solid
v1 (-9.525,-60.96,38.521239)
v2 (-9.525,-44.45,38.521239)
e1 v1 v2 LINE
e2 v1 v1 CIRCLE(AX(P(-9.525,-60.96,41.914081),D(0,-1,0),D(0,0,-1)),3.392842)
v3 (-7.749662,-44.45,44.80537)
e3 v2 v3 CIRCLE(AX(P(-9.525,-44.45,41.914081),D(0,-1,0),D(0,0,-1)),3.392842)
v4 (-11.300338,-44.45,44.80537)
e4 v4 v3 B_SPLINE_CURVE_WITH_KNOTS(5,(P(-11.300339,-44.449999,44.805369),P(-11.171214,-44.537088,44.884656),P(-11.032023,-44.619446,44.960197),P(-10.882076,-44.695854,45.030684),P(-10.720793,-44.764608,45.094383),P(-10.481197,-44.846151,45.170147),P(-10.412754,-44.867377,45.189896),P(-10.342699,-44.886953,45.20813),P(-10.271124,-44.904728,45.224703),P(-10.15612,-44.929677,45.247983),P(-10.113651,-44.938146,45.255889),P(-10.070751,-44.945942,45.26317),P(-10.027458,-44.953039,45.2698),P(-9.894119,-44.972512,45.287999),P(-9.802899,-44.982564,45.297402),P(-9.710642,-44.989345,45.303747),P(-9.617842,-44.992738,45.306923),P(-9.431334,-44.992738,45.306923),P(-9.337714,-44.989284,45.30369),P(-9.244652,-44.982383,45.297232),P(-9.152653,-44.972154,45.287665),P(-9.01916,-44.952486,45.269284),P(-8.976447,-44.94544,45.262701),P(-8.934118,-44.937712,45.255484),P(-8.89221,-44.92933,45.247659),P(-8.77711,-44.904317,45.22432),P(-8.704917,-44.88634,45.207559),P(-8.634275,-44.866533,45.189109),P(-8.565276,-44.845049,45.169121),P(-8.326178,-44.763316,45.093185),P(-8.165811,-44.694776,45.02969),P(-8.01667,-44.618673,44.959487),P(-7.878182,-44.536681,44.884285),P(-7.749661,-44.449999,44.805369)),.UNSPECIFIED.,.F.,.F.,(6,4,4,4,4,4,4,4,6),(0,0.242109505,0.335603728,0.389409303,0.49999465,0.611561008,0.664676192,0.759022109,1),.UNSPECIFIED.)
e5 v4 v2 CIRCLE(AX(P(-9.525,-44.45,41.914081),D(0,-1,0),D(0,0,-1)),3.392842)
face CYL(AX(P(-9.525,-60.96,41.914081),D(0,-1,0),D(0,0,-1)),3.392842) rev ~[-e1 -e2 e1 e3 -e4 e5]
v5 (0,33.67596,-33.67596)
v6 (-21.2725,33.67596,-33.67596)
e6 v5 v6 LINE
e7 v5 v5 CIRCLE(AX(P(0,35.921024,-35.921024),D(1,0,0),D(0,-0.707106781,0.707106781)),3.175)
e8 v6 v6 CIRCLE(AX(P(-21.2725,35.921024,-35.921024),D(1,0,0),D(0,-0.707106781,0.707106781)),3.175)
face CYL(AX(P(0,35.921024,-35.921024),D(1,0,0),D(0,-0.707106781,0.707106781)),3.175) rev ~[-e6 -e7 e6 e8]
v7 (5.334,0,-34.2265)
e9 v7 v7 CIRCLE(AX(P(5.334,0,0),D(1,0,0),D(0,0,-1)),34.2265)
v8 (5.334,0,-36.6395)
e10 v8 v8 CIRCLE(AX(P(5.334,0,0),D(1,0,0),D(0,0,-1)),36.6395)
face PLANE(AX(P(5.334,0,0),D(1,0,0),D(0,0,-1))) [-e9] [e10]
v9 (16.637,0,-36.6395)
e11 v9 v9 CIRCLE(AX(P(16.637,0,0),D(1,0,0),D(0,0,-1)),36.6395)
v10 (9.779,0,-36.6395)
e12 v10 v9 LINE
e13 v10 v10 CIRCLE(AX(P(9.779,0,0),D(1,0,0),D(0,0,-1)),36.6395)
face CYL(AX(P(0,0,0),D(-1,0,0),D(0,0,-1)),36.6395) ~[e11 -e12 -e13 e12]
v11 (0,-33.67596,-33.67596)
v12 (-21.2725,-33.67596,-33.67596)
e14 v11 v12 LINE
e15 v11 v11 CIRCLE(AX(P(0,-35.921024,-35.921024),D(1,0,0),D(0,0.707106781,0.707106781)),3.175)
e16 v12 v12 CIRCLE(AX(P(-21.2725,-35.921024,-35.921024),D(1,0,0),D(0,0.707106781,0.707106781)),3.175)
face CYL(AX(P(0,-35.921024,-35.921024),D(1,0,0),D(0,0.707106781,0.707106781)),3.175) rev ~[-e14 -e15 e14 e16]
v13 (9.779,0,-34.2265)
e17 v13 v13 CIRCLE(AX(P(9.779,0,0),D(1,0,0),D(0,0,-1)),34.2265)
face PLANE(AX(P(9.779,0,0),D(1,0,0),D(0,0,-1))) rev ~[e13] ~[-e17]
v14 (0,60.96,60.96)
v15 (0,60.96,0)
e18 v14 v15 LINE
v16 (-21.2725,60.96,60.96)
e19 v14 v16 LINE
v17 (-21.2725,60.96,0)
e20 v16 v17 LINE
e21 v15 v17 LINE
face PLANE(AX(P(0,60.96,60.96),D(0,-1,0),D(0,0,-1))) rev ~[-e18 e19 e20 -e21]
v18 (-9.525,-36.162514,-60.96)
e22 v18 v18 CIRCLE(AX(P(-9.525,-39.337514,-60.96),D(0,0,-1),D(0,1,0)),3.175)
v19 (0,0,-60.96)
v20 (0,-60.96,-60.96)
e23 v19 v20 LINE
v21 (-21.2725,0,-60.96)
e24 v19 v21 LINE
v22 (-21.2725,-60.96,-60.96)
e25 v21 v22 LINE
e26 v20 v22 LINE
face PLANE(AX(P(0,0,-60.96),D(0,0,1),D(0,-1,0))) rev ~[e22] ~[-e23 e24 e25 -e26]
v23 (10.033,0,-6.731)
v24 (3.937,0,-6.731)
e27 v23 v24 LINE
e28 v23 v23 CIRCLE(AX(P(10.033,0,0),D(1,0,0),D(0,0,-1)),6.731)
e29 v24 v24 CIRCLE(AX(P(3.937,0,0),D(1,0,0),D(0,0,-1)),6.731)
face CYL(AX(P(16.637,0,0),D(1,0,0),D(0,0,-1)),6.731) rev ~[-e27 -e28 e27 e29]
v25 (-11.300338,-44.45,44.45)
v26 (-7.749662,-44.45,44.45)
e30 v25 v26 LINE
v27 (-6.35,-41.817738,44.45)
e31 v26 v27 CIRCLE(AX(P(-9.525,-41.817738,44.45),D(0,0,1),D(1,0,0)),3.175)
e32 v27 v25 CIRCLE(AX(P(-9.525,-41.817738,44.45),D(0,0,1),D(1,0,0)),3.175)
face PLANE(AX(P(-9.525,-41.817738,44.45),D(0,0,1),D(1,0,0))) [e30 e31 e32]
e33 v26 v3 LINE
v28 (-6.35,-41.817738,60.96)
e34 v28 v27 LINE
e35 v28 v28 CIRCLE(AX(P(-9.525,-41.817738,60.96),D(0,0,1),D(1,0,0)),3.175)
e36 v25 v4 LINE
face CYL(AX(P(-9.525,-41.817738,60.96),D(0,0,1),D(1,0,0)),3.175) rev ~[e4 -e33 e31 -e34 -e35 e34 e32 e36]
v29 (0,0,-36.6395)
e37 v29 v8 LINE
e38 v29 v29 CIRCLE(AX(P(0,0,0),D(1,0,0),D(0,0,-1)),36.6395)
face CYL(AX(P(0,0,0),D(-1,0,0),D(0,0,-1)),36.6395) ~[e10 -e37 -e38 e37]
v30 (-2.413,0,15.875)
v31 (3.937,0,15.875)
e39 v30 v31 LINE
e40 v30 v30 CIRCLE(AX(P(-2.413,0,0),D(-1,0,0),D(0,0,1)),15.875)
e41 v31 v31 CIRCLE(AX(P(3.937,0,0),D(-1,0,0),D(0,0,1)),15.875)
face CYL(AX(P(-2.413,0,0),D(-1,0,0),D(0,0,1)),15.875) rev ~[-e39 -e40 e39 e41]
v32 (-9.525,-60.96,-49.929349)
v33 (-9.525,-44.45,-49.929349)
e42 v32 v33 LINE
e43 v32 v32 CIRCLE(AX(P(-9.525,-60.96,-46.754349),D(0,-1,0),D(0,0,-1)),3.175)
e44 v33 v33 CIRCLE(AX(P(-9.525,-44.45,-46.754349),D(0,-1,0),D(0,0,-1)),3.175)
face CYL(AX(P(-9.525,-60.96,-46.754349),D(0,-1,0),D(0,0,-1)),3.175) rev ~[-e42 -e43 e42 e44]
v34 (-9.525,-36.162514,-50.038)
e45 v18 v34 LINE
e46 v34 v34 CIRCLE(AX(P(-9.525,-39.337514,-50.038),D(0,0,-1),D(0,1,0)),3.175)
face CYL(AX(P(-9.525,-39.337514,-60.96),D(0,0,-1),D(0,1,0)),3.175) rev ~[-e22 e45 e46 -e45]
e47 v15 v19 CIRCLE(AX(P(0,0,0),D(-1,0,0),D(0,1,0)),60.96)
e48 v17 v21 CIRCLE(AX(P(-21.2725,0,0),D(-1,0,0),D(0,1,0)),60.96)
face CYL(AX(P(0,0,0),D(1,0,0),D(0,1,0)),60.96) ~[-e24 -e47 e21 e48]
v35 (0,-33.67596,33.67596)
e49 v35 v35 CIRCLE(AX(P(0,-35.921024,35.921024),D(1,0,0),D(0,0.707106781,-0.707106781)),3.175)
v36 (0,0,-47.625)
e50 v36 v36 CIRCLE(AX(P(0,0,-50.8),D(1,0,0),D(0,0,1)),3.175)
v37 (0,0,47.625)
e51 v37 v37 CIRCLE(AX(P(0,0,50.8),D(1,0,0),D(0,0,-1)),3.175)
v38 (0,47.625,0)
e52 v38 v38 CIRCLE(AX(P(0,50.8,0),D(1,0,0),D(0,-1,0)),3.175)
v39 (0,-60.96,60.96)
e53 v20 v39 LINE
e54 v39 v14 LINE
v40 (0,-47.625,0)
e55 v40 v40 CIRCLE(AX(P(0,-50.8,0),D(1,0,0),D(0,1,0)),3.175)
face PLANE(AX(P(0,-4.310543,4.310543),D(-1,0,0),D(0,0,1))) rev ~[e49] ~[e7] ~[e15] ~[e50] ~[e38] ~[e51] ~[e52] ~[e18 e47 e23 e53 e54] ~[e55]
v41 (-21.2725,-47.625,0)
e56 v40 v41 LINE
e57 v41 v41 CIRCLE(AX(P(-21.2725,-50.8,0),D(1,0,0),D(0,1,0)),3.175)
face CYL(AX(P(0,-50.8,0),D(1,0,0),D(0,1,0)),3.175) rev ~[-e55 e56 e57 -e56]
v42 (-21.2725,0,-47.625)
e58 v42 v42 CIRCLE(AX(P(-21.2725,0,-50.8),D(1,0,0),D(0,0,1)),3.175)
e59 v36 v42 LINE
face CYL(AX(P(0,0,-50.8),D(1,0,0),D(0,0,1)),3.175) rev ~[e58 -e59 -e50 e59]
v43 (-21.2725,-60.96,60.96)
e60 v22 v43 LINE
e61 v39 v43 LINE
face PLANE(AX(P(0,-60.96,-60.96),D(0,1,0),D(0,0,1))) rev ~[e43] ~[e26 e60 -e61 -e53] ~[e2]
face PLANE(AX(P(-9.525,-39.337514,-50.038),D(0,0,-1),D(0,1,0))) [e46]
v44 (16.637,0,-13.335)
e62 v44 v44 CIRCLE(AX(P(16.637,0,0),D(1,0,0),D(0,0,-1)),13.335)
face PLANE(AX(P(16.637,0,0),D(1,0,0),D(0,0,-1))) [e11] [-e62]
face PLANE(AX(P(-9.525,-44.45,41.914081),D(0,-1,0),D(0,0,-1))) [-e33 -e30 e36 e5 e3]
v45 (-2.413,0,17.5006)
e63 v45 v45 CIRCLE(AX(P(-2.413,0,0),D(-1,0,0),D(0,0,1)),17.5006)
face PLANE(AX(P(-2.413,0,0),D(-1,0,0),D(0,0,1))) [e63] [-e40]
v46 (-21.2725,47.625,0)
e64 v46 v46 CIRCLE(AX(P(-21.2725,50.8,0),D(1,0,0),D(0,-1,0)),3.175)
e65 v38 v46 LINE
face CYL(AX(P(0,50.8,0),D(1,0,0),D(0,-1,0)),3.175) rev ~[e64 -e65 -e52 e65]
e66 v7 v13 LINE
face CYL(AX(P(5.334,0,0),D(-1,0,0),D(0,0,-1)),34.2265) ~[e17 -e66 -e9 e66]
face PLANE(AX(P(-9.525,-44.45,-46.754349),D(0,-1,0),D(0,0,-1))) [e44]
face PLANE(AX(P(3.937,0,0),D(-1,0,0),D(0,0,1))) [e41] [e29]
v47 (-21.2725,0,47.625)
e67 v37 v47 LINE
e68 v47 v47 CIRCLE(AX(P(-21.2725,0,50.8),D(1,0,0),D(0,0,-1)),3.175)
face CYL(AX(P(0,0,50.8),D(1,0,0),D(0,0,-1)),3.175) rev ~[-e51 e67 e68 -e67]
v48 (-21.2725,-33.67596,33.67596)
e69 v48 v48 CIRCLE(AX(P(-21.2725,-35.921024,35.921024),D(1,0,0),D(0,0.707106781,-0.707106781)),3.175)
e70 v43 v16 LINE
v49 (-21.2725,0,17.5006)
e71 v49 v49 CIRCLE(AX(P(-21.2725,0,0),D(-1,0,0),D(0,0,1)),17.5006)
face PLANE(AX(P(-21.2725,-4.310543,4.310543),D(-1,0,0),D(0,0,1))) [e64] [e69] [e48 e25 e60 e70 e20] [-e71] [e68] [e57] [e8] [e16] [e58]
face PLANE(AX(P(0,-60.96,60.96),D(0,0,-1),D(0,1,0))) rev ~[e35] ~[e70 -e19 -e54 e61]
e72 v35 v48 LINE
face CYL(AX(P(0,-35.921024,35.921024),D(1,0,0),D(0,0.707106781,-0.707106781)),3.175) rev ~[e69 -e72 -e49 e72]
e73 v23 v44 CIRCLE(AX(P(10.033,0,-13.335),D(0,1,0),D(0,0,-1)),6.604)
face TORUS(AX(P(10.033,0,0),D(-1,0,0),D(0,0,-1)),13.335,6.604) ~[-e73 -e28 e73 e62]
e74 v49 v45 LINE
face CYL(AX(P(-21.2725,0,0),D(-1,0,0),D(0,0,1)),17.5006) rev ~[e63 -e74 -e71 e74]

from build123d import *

# Parameters (mm, degrees)
SKETCH1_R                     = 36.6395
HOUSING_FITTING_EXTRUDE_DEPTH = 16.637
HOUSING_BODY_1_DEPTH          = 21.2725
SKETCH3_R                     = 6.731
IMPELLER_BORE_DEPTH           = 17.018
SKETCH4_R                     = 4
SHAFT_BORE_DEPTH              = 20.8915
O_RING_CUT_DEPTH              = 1.27
O_RING_CUT_DEPTH_BACK         = 3.175
SKETCH5_R                     = 36.6395
SKETCH5_R_2                   = 34.2265
SKETCH12_R                    = 3.175
CUT_EXTRUDE2_DEPTH            = 21.2725
CIRPATTERN1_COUNT             = 8
SKETCH13_R                    = 3.175
CUT_EXTRUDE3_DEPTH            = 16.51
SKETCH14_R                    = 3.175
SKETCH14_R_2                  = 3.392842108
CUT_EXTRUDE4_DEPTH            = 16.51
SKETCH15_R                    = 3.175
CUT_EXTRUDE5_DEPTH            = 10.922
FILLET1_R                     = 6.604
SKETCH17_R                    = 17.5006
CUT_EXTRUDE8_DEPTH            = 25.2095
BOSS_EXTRUDE1_START           = 6.35
SKETCH18_R                    = 17.5006
SKETCH18_R_2                  = 15.875
BOSS_EXTRUDE1_DEPTH           = 6.35


with BuildPart() as part:
    # Sketch1 → Housing Fitting Extrude (new body)
    with BuildSketch(Plane(origin=(0, 0, 0), x_dir=(0, 0, -1), z_dir=(1, 0, 0))):
        Circle(SKETCH1_R)
    extrude(amount=HOUSING_FITTING_EXTRUDE_DEPTH)

    # Sketch2 → Housing Body 1 (add)
    with BuildSketch(Plane.ZY):
        with BuildLine():
            Line((60.96, 0), (60.96, 60.96))
            Line((60.96, 60.96), (0, 60.96))
            ThreePointArc((0, 60.96), (-43.105229381, 43.105229381), (-60.96, 0))
            Line((-60.96, 0), (-60.96, -54.61))
            Line((-60.96, -54.61), (-60.96, -60.96))
            Line((-60.96, -60.96), (60.96, -60.96))
            Line((60.96, -60.96), (60.96, -54.61))
            Line((60.96, -54.61), (60.96, 0))
        make_face()
    extrude(amount=HOUSING_BODY_1_DEPTH)

    # Sketch3 → Impeller Bore (cut)
    with BuildSketch(Plane(origin=(16.637, 0, 0), x_dir=(0, 0, -1), z_dir=(1, 0, 0))):
        Circle(SKETCH3_R)
    extrude(amount=-IMPELLER_BORE_DEPTH, mode=Mode.SUBTRACT)

    # Sketch4 → Shaft Bore (cut)
    with BuildSketch(Plane(origin=(-0.381, 0, 0), x_dir=(0, 0, -1), z_dir=(1, 0, 0))):
        Circle(SKETCH4_R)
    extrude(amount=-SHAFT_BORE_DEPTH, mode=Mode.SUBTRACT)

    # Sketch5 → O-Ring Cut (cut, two sides: drawn at the far end of the back side and taken through both)
    with BuildSketch(Plane(origin=(8.509, 0, 0), x_dir=(0, 0, -1), z_dir=(1, 0, 0)).offset(-O_RING_CUT_DEPTH_BACK)):
        Circle(SKETCH5_R)
        Circle(SKETCH5_R_2, mode=Mode.SUBTRACT)
    extrude(amount=O_RING_CUT_DEPTH + O_RING_CUT_DEPTH_BACK, mode=Mode.SUBTRACT)

    # Sketch12 → Cut-Extrude2 (cut)
    with BuildSketch(Plane(origin=(0, 0, 0), x_dir=(0, 0, -1), z_dir=(1, 0, 0))):
        with Locations((-50.8, 0)):
            Circle(SKETCH12_R)
    cut_extrude2 = extrude(amount=-CUT_EXTRUDE2_DEPTH, mode=Mode.SUBTRACT)

    # CirPattern1: Cut-Extrude2 ×8 about axis, 1 skipped
    cirpattern1_axis = Axis((0, 0, 0), (1, 0, 0))
    add([cut_extrude2.rotate(cirpattern1_axis, i * 360 / CIRPATTERN1_COUNT) for i in range(1, CIRPATTERN1_COUNT) if i not in (7,)], mode=Mode.SUBTRACT)

    # Sketch13 → Cut-Extrude3 (cut)
    with BuildSketch(Plane.XY.offset(60.96)):
        with Locations((-9.525, -41.817738443)):
            Circle(SKETCH13_R)
    extrude(amount=-CUT_EXTRUDE3_DEPTH, mode=Mode.SUBTRACT)

    # Sketch14 → Cut-Extrude4 (cut)
    with BuildSketch(Plane.XZ.offset(60.96)):
        with Locations(Location((-9.525, -46.754349092, 0), (0, 0, 270))):
            Circle(SKETCH14_R)
        with Locations(Location((-9.525, 41.914080666, 0), (0, 0, 270))):
            Circle(SKETCH14_R_2)
    extrude(amount=-CUT_EXTRUDE4_DEPTH, mode=Mode.SUBTRACT)

    # Sketch15 → Cut-Extrude5 (cut)
    with BuildSketch(Plane(origin=(0, 0, -60.96), x_dir=(-1, 0, 0), z_dir=(0, 0, -1))):
        with Locations(Location((9.525, -39.337514031, 0), (0, 0, 90))):
            Circle(SKETCH15_R)
    extrude(amount=-CUT_EXTRUDE5_DEPTH, mode=Mode.SUBTRACT)

    # Fillet1
    fillet1_edges = [part.edges().sort_by_distance(p)[0] for p in [
        (16.637, 0, 6.731),
    ]]
    fillet(fillet1_edges, radius=FILLET1_R)

    # Sketch17 → Cut-Extrude8 (cut)
    with BuildSketch(Plane.ZY.offset(21.2725)):
        Circle(SKETCH17_R)
    extrude(amount=-CUT_EXTRUDE8_DEPTH, mode=Mode.SUBTRACT)

    # Sketch18 → Boss-Extrude1 (add)
    with BuildSketch(Plane.ZY.offset(-3.937).offset(BOSS_EXTRUDE1_START)):
        Circle(SKETCH18_R)
        Circle(SKETCH18_R_2, mode=Mode.SUBTRACT)
    extrude(amount=-BOSS_EXTRUDE1_DEPTH)


solid = part.part
